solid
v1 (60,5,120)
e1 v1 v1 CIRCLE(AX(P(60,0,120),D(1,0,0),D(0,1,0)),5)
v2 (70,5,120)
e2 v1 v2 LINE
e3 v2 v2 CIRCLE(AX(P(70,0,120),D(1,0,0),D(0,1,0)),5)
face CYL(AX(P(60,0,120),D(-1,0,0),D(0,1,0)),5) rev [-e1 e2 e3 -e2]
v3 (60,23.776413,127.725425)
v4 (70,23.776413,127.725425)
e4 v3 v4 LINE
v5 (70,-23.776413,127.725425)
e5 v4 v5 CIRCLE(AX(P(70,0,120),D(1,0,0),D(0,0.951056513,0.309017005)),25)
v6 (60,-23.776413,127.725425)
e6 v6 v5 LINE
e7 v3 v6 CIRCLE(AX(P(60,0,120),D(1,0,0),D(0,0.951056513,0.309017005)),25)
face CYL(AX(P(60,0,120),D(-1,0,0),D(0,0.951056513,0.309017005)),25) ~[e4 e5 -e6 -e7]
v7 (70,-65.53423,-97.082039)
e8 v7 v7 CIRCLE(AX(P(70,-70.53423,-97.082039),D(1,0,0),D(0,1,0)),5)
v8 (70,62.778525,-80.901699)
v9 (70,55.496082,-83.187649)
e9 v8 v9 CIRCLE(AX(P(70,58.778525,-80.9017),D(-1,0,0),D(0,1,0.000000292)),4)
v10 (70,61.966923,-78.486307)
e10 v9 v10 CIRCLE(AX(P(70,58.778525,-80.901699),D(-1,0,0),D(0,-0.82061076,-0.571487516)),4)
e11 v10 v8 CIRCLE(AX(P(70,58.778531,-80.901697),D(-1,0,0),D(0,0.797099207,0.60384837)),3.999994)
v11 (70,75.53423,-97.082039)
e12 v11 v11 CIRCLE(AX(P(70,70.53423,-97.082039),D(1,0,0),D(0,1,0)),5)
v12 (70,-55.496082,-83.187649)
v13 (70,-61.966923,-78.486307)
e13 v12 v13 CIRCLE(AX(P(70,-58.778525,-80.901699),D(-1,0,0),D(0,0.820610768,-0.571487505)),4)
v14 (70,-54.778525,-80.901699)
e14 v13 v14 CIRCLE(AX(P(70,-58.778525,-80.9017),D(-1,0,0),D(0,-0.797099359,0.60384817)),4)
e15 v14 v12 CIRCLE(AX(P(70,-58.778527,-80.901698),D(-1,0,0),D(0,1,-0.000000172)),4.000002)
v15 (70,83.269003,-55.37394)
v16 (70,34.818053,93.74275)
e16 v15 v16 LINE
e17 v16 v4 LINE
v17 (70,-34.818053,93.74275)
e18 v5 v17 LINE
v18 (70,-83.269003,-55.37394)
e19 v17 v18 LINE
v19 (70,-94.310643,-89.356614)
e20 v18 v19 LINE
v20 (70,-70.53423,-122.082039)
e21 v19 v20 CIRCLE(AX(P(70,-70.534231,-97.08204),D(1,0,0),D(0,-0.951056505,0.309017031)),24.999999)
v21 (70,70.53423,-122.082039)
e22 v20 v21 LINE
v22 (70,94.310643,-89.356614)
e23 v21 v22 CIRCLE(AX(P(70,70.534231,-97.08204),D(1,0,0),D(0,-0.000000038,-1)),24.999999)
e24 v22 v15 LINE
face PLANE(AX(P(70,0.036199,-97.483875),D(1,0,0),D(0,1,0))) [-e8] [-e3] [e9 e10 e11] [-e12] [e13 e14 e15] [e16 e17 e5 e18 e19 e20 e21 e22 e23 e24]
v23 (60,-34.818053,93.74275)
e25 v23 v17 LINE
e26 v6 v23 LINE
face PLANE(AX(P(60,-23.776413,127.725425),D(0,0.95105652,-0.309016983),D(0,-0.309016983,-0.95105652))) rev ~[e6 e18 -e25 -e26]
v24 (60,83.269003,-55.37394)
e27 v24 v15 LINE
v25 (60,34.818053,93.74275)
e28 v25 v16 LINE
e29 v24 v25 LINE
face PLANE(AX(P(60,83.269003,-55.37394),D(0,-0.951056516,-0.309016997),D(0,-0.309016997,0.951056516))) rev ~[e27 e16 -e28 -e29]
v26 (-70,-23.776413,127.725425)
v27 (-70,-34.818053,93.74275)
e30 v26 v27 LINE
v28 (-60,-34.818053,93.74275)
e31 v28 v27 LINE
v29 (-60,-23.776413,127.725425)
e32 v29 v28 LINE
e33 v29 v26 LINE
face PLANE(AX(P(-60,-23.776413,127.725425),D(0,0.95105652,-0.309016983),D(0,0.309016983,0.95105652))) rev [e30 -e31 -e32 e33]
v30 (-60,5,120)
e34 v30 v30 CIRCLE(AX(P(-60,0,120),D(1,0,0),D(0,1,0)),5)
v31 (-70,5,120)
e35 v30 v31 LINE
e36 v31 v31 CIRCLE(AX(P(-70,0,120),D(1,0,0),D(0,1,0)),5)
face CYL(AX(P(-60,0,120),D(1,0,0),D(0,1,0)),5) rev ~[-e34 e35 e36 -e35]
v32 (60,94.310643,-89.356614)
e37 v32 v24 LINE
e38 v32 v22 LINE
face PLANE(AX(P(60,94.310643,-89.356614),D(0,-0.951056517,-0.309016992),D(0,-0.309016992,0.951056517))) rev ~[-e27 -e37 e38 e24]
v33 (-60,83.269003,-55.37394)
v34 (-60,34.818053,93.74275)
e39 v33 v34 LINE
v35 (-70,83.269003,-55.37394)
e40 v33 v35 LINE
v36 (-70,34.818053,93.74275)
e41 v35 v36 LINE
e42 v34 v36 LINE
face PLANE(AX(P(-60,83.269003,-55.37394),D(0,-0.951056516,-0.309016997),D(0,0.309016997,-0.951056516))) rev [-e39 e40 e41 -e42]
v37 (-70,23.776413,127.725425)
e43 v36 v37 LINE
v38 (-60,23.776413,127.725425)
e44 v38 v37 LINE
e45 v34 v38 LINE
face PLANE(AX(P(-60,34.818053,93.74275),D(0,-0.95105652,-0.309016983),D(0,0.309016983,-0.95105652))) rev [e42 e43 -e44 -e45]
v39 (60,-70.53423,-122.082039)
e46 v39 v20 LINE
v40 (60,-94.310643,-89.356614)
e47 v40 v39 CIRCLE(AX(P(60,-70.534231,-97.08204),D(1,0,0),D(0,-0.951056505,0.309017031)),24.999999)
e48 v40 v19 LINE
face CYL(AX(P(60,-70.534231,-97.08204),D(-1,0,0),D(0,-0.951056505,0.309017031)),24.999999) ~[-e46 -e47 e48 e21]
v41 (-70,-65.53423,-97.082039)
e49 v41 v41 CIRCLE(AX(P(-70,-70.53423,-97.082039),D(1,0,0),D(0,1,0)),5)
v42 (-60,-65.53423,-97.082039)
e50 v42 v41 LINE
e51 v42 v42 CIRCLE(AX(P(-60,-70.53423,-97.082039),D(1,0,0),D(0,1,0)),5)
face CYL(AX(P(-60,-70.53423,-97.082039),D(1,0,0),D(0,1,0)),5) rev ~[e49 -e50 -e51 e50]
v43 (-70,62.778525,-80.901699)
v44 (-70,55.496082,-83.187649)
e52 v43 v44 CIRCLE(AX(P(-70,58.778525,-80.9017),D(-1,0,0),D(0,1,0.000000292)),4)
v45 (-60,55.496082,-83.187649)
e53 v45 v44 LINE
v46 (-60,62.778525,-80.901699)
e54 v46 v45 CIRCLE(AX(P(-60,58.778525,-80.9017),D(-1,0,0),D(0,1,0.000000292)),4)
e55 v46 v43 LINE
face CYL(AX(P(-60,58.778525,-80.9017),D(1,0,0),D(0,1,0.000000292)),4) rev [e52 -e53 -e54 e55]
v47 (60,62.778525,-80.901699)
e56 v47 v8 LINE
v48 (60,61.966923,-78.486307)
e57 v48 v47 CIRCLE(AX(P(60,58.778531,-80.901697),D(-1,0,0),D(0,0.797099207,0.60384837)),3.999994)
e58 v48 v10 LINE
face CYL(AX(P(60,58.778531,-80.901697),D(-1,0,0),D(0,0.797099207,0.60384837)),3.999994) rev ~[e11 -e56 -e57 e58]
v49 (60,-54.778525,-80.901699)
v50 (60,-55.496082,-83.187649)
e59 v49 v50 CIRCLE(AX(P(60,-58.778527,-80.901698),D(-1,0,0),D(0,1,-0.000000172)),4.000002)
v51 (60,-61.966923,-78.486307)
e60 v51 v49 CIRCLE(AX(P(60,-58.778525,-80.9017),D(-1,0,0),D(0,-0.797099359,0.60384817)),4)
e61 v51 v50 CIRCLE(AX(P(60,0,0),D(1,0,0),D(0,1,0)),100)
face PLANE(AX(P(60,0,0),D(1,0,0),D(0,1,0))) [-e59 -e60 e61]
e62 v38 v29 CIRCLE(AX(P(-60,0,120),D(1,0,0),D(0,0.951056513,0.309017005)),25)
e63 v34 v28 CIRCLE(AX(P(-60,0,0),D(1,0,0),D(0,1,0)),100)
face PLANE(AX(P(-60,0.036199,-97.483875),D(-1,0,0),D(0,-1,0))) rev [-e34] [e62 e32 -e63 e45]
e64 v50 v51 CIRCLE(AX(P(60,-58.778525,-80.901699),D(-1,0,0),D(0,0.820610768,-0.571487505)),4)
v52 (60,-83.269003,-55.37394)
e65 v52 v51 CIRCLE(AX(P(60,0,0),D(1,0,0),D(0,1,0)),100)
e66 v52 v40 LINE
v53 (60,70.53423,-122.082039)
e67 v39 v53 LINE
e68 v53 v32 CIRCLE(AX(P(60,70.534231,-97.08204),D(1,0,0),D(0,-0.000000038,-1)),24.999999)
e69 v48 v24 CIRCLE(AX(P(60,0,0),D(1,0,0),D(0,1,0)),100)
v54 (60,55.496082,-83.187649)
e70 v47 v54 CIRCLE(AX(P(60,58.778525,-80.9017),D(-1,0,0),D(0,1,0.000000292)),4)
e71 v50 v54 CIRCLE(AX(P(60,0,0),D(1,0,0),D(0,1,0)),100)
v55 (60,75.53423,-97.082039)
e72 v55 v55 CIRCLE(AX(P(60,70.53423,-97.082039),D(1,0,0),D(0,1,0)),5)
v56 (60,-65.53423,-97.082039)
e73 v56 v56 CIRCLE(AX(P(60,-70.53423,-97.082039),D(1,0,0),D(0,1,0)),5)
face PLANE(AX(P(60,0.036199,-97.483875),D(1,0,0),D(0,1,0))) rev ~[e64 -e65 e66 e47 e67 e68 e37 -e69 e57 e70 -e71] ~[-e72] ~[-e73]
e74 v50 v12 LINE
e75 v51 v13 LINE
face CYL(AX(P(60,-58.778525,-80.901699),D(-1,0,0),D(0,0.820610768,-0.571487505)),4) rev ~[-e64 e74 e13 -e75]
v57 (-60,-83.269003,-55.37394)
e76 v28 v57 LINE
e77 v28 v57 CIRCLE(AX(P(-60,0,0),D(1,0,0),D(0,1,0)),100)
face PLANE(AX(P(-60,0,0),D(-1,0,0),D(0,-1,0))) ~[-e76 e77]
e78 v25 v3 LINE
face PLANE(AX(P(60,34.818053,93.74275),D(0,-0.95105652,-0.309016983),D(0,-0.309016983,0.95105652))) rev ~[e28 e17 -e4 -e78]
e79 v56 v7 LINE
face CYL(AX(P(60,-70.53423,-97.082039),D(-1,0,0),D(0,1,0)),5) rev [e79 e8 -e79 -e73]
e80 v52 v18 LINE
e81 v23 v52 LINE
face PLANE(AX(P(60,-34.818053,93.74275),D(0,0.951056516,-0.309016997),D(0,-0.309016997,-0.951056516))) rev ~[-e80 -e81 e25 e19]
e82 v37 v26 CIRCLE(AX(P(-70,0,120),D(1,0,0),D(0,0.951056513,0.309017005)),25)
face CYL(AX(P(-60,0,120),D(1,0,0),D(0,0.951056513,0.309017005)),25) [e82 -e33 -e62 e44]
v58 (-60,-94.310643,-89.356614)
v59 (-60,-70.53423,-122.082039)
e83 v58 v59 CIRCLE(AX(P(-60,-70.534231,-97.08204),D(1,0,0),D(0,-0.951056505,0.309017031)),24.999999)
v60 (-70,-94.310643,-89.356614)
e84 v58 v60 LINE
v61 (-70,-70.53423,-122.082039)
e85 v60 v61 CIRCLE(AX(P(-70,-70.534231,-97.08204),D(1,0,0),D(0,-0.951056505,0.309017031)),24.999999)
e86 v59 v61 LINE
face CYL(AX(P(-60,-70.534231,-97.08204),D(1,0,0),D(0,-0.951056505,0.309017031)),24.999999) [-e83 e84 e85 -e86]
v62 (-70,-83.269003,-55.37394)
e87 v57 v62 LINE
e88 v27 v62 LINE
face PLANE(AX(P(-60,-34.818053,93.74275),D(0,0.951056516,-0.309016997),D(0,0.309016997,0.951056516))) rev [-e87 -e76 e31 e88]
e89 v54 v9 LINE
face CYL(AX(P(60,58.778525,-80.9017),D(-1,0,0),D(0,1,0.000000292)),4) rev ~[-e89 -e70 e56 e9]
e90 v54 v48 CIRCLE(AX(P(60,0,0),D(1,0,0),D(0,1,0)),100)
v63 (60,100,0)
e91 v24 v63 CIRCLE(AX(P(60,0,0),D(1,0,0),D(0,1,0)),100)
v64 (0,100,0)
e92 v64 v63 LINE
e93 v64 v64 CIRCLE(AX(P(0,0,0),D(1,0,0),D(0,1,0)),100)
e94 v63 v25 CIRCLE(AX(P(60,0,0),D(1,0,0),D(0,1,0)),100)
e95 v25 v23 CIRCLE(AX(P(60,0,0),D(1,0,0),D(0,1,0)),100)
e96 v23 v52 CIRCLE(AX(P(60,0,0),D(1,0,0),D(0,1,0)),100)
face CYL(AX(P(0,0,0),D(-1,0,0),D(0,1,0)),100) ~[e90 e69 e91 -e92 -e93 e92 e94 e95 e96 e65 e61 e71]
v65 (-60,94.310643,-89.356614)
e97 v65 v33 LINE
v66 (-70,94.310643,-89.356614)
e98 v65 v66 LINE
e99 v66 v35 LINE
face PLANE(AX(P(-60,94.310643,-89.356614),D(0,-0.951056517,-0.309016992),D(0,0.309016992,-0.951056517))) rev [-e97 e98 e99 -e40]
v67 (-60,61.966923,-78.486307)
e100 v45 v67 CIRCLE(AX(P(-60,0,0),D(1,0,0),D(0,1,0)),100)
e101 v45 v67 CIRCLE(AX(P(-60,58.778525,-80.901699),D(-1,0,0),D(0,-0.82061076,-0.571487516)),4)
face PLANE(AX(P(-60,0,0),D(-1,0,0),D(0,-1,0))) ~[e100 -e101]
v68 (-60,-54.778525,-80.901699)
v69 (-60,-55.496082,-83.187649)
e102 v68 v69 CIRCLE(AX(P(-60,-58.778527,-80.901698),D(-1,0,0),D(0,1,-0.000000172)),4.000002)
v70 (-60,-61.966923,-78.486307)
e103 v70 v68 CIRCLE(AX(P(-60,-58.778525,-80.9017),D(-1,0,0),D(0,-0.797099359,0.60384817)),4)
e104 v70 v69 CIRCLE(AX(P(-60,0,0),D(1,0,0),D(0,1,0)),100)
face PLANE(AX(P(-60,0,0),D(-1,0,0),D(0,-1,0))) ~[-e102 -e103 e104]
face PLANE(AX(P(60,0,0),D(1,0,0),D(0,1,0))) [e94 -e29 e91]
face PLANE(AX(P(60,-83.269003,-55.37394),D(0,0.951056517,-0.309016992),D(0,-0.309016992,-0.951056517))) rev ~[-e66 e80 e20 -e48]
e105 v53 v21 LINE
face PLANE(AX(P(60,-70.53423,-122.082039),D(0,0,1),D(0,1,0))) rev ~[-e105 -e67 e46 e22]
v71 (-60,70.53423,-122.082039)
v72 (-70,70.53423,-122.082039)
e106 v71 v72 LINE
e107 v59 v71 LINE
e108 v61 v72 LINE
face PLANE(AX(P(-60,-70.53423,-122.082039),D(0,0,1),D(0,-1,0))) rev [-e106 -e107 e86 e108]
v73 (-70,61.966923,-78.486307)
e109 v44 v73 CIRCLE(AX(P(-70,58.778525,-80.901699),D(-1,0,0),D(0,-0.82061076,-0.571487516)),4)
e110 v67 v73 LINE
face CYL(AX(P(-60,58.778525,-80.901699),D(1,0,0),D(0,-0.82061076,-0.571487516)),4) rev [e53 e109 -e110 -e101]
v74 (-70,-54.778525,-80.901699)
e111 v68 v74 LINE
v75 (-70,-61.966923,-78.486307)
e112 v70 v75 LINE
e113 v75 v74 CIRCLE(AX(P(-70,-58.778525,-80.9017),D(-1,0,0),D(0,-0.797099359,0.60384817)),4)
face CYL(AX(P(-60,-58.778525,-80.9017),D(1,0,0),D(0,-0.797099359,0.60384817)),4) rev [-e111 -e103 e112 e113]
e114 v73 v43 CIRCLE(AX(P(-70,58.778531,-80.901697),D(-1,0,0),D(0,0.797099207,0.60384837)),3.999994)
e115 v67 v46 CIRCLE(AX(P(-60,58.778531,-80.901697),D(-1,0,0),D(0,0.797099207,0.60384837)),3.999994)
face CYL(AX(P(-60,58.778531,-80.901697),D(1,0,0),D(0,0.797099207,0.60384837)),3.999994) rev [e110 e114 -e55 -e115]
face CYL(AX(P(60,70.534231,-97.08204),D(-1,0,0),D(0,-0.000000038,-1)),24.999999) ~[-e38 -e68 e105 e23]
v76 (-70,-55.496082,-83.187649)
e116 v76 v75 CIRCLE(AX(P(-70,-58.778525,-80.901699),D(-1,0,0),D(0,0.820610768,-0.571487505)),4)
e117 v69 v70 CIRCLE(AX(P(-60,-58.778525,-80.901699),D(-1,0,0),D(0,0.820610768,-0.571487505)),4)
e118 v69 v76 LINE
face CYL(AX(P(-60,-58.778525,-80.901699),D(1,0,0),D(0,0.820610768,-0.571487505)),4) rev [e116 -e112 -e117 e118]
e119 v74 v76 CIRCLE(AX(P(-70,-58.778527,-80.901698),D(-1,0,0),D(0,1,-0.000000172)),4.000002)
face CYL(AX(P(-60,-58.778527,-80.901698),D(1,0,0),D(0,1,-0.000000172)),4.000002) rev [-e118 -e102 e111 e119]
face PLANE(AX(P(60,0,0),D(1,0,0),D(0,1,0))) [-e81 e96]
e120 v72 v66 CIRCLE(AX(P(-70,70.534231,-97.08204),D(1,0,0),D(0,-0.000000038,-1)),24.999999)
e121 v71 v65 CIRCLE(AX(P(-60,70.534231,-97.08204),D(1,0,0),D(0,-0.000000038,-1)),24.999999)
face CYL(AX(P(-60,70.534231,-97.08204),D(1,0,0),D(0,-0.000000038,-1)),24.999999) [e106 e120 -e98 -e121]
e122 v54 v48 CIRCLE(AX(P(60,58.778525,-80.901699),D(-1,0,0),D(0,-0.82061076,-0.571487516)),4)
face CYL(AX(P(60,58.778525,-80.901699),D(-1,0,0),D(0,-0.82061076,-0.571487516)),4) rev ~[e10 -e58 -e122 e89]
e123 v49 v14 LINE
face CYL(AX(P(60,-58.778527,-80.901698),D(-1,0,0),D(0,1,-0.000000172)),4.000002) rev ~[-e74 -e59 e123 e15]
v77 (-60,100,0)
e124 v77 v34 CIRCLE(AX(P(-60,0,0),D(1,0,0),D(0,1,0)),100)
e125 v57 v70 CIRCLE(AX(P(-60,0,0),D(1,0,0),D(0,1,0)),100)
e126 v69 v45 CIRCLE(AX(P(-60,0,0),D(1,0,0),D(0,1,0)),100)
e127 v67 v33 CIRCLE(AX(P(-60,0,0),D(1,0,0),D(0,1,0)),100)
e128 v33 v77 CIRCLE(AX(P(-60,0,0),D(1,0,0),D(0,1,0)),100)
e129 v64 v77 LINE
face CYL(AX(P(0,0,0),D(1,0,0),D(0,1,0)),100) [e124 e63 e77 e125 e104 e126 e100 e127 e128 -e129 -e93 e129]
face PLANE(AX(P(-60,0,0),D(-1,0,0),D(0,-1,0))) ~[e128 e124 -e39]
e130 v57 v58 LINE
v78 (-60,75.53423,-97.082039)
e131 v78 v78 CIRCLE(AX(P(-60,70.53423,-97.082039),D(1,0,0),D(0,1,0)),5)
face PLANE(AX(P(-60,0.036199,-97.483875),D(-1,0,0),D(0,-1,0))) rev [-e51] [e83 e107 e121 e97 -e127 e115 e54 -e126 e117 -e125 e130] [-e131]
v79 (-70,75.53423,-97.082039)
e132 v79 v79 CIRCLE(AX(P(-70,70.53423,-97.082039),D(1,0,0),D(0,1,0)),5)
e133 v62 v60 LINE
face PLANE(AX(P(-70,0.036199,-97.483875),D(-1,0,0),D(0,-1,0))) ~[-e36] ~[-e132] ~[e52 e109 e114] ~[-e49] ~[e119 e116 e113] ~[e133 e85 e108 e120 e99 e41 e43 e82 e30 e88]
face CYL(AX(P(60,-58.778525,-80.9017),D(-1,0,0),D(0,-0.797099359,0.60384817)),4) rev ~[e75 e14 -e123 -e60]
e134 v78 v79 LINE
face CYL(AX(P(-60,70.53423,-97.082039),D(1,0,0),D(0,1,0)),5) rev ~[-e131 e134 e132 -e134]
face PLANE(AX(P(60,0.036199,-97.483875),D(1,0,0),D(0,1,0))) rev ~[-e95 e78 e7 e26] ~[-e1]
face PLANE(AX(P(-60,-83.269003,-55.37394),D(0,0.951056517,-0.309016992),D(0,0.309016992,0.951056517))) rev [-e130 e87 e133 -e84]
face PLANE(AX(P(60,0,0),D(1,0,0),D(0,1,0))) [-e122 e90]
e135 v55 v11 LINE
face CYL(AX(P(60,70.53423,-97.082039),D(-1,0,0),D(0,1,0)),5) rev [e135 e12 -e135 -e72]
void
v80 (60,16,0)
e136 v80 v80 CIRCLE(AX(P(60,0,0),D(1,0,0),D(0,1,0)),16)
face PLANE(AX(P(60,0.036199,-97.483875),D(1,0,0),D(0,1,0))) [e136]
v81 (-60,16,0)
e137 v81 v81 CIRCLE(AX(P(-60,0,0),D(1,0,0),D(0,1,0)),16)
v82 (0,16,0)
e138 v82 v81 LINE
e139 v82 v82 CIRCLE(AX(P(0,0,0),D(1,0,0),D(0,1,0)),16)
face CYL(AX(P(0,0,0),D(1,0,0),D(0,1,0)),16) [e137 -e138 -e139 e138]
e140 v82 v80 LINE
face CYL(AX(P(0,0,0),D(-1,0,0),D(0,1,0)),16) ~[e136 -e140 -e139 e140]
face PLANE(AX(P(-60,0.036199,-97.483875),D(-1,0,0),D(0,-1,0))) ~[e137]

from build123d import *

# Parameters (mm, degrees)
F0_R     = 100
F0_R_2   = 16
F1_DEPTH = 60
F2_R     = 5
F2_R_2   = 16
F3_DEPTH = 10


with BuildPart() as f1:
    # F0 (on Right) → F1 (new body)
    with BuildSketch(Plane.YZ):
        Circle(F0_R)
        Circle(F0_R_2, mode=Mode.SUBTRACT)
    extrude(amount=F1_DEPTH)

    # F2 (on face) → F3 (join)
    with BuildSketch(Plane.YZ.offset(60)):
        with BuildLine():
            Line((-83.269003, -55.37394), (-94.310643, -89.356614))
            ThreePointArc((-94.310643, -89.356614), (-90.759655, -111.776671), (-70.53423, -122.082039))
            Line((-70.53423, -122.082039), (70.53423, -122.082039))
            ThreePointArc((70.53423, -122.082039), (90.759655, -111.776671), (94.310643, -89.356614))
            Line((94.310643, -89.356614), (83.269003, -55.37394))
            ThreePointArc((83.269003, -55.37394), (73.531721, -67.772311), (61.966923, -78.486307))
            ThreePointArc((61.966923, -78.486307), (62.5702, -79.627649), (62.778525, -80.901699))
            ThreePointArc((62.778525, -80.901699), (59.976487, -84.718097), (55.496082, -83.187649))
            ThreePointArc((55.496082, -83.187649), (0, -100), (-55.496082, -83.187649))
            ThreePointArc((-55.496082, -83.187649), (-61.129666, -84.137767), (-61.966923, -78.486307))
            ThreePointArc((-61.966923, -78.486307), (-73.531721, -67.772311), (-83.269003, -55.37394))
        make_face()
        with Locations((-70.53423, -97.082039)):
            Circle(F2_R, mode=Mode.SUBTRACT)
        with Locations((70.53423, -97.082039)):
            Circle(F2_R, mode=Mode.SUBTRACT)
        with BuildLine():
            Line((-34.818053, 93.74275), (-83.269003, -55.37394))
            ThreePointArc((-83.269003, -55.37394), (-73.531721, -67.772311), (-61.966923, -78.486307))
            ThreePointArc((-61.966923, -78.486307), (-57.504475, -77.110025), (-54.778525, -80.901699))
            ThreePointArc((-54.778525, -80.901699), (-54.962128, -82.099661), (-55.496082, -83.187649))
            ThreePointArc((-55.496082, -83.187649), (0, -100), (55.496082, -83.187649))
            ThreePointArc((55.496082, -83.187649), (56.427384, -77.665631), (61.966923, -78.486307))
            ThreePointArc((61.966923, -78.486307), (73.531721, -67.772311), (83.269003, -55.37394))
            Line((83.269003, -55.37394), (34.818053, 93.74275))
            ThreePointArc((34.818053, 93.74275), (0, 100), (-34.818053, 93.74275))
        make_face()
        Circle(F2_R_2, mode=Mode.SUBTRACT)
        with BuildLine():
            Line((-23.776413, 127.725425), (-34.818053, 93.74275))
            ThreePointArc((-34.818053, 93.74275), (0, 100), (34.818053, 93.74275))
            Line((34.818053, 93.74275), (23.776413, 127.725425))
            ThreePointArc((23.776413, 127.725425), (0, 145), (-23.776413, 127.725425))
        make_face()
        with Locations((0, 120)):
            Circle(F2_R, mode=Mode.SUBTRACT)
        Circle(F2_R_2)
    extrude(amount=F3_DEPTH)

    # F4: F1 across face


with BuildPart() as f1_1:
    add(f1.part)
    add(f1.part.mirror(Plane(origin=(0, 0, 0), x_dir=(0, 1, 0), z_dir=(-1, 0, 0))))


solid = f1_1.part
